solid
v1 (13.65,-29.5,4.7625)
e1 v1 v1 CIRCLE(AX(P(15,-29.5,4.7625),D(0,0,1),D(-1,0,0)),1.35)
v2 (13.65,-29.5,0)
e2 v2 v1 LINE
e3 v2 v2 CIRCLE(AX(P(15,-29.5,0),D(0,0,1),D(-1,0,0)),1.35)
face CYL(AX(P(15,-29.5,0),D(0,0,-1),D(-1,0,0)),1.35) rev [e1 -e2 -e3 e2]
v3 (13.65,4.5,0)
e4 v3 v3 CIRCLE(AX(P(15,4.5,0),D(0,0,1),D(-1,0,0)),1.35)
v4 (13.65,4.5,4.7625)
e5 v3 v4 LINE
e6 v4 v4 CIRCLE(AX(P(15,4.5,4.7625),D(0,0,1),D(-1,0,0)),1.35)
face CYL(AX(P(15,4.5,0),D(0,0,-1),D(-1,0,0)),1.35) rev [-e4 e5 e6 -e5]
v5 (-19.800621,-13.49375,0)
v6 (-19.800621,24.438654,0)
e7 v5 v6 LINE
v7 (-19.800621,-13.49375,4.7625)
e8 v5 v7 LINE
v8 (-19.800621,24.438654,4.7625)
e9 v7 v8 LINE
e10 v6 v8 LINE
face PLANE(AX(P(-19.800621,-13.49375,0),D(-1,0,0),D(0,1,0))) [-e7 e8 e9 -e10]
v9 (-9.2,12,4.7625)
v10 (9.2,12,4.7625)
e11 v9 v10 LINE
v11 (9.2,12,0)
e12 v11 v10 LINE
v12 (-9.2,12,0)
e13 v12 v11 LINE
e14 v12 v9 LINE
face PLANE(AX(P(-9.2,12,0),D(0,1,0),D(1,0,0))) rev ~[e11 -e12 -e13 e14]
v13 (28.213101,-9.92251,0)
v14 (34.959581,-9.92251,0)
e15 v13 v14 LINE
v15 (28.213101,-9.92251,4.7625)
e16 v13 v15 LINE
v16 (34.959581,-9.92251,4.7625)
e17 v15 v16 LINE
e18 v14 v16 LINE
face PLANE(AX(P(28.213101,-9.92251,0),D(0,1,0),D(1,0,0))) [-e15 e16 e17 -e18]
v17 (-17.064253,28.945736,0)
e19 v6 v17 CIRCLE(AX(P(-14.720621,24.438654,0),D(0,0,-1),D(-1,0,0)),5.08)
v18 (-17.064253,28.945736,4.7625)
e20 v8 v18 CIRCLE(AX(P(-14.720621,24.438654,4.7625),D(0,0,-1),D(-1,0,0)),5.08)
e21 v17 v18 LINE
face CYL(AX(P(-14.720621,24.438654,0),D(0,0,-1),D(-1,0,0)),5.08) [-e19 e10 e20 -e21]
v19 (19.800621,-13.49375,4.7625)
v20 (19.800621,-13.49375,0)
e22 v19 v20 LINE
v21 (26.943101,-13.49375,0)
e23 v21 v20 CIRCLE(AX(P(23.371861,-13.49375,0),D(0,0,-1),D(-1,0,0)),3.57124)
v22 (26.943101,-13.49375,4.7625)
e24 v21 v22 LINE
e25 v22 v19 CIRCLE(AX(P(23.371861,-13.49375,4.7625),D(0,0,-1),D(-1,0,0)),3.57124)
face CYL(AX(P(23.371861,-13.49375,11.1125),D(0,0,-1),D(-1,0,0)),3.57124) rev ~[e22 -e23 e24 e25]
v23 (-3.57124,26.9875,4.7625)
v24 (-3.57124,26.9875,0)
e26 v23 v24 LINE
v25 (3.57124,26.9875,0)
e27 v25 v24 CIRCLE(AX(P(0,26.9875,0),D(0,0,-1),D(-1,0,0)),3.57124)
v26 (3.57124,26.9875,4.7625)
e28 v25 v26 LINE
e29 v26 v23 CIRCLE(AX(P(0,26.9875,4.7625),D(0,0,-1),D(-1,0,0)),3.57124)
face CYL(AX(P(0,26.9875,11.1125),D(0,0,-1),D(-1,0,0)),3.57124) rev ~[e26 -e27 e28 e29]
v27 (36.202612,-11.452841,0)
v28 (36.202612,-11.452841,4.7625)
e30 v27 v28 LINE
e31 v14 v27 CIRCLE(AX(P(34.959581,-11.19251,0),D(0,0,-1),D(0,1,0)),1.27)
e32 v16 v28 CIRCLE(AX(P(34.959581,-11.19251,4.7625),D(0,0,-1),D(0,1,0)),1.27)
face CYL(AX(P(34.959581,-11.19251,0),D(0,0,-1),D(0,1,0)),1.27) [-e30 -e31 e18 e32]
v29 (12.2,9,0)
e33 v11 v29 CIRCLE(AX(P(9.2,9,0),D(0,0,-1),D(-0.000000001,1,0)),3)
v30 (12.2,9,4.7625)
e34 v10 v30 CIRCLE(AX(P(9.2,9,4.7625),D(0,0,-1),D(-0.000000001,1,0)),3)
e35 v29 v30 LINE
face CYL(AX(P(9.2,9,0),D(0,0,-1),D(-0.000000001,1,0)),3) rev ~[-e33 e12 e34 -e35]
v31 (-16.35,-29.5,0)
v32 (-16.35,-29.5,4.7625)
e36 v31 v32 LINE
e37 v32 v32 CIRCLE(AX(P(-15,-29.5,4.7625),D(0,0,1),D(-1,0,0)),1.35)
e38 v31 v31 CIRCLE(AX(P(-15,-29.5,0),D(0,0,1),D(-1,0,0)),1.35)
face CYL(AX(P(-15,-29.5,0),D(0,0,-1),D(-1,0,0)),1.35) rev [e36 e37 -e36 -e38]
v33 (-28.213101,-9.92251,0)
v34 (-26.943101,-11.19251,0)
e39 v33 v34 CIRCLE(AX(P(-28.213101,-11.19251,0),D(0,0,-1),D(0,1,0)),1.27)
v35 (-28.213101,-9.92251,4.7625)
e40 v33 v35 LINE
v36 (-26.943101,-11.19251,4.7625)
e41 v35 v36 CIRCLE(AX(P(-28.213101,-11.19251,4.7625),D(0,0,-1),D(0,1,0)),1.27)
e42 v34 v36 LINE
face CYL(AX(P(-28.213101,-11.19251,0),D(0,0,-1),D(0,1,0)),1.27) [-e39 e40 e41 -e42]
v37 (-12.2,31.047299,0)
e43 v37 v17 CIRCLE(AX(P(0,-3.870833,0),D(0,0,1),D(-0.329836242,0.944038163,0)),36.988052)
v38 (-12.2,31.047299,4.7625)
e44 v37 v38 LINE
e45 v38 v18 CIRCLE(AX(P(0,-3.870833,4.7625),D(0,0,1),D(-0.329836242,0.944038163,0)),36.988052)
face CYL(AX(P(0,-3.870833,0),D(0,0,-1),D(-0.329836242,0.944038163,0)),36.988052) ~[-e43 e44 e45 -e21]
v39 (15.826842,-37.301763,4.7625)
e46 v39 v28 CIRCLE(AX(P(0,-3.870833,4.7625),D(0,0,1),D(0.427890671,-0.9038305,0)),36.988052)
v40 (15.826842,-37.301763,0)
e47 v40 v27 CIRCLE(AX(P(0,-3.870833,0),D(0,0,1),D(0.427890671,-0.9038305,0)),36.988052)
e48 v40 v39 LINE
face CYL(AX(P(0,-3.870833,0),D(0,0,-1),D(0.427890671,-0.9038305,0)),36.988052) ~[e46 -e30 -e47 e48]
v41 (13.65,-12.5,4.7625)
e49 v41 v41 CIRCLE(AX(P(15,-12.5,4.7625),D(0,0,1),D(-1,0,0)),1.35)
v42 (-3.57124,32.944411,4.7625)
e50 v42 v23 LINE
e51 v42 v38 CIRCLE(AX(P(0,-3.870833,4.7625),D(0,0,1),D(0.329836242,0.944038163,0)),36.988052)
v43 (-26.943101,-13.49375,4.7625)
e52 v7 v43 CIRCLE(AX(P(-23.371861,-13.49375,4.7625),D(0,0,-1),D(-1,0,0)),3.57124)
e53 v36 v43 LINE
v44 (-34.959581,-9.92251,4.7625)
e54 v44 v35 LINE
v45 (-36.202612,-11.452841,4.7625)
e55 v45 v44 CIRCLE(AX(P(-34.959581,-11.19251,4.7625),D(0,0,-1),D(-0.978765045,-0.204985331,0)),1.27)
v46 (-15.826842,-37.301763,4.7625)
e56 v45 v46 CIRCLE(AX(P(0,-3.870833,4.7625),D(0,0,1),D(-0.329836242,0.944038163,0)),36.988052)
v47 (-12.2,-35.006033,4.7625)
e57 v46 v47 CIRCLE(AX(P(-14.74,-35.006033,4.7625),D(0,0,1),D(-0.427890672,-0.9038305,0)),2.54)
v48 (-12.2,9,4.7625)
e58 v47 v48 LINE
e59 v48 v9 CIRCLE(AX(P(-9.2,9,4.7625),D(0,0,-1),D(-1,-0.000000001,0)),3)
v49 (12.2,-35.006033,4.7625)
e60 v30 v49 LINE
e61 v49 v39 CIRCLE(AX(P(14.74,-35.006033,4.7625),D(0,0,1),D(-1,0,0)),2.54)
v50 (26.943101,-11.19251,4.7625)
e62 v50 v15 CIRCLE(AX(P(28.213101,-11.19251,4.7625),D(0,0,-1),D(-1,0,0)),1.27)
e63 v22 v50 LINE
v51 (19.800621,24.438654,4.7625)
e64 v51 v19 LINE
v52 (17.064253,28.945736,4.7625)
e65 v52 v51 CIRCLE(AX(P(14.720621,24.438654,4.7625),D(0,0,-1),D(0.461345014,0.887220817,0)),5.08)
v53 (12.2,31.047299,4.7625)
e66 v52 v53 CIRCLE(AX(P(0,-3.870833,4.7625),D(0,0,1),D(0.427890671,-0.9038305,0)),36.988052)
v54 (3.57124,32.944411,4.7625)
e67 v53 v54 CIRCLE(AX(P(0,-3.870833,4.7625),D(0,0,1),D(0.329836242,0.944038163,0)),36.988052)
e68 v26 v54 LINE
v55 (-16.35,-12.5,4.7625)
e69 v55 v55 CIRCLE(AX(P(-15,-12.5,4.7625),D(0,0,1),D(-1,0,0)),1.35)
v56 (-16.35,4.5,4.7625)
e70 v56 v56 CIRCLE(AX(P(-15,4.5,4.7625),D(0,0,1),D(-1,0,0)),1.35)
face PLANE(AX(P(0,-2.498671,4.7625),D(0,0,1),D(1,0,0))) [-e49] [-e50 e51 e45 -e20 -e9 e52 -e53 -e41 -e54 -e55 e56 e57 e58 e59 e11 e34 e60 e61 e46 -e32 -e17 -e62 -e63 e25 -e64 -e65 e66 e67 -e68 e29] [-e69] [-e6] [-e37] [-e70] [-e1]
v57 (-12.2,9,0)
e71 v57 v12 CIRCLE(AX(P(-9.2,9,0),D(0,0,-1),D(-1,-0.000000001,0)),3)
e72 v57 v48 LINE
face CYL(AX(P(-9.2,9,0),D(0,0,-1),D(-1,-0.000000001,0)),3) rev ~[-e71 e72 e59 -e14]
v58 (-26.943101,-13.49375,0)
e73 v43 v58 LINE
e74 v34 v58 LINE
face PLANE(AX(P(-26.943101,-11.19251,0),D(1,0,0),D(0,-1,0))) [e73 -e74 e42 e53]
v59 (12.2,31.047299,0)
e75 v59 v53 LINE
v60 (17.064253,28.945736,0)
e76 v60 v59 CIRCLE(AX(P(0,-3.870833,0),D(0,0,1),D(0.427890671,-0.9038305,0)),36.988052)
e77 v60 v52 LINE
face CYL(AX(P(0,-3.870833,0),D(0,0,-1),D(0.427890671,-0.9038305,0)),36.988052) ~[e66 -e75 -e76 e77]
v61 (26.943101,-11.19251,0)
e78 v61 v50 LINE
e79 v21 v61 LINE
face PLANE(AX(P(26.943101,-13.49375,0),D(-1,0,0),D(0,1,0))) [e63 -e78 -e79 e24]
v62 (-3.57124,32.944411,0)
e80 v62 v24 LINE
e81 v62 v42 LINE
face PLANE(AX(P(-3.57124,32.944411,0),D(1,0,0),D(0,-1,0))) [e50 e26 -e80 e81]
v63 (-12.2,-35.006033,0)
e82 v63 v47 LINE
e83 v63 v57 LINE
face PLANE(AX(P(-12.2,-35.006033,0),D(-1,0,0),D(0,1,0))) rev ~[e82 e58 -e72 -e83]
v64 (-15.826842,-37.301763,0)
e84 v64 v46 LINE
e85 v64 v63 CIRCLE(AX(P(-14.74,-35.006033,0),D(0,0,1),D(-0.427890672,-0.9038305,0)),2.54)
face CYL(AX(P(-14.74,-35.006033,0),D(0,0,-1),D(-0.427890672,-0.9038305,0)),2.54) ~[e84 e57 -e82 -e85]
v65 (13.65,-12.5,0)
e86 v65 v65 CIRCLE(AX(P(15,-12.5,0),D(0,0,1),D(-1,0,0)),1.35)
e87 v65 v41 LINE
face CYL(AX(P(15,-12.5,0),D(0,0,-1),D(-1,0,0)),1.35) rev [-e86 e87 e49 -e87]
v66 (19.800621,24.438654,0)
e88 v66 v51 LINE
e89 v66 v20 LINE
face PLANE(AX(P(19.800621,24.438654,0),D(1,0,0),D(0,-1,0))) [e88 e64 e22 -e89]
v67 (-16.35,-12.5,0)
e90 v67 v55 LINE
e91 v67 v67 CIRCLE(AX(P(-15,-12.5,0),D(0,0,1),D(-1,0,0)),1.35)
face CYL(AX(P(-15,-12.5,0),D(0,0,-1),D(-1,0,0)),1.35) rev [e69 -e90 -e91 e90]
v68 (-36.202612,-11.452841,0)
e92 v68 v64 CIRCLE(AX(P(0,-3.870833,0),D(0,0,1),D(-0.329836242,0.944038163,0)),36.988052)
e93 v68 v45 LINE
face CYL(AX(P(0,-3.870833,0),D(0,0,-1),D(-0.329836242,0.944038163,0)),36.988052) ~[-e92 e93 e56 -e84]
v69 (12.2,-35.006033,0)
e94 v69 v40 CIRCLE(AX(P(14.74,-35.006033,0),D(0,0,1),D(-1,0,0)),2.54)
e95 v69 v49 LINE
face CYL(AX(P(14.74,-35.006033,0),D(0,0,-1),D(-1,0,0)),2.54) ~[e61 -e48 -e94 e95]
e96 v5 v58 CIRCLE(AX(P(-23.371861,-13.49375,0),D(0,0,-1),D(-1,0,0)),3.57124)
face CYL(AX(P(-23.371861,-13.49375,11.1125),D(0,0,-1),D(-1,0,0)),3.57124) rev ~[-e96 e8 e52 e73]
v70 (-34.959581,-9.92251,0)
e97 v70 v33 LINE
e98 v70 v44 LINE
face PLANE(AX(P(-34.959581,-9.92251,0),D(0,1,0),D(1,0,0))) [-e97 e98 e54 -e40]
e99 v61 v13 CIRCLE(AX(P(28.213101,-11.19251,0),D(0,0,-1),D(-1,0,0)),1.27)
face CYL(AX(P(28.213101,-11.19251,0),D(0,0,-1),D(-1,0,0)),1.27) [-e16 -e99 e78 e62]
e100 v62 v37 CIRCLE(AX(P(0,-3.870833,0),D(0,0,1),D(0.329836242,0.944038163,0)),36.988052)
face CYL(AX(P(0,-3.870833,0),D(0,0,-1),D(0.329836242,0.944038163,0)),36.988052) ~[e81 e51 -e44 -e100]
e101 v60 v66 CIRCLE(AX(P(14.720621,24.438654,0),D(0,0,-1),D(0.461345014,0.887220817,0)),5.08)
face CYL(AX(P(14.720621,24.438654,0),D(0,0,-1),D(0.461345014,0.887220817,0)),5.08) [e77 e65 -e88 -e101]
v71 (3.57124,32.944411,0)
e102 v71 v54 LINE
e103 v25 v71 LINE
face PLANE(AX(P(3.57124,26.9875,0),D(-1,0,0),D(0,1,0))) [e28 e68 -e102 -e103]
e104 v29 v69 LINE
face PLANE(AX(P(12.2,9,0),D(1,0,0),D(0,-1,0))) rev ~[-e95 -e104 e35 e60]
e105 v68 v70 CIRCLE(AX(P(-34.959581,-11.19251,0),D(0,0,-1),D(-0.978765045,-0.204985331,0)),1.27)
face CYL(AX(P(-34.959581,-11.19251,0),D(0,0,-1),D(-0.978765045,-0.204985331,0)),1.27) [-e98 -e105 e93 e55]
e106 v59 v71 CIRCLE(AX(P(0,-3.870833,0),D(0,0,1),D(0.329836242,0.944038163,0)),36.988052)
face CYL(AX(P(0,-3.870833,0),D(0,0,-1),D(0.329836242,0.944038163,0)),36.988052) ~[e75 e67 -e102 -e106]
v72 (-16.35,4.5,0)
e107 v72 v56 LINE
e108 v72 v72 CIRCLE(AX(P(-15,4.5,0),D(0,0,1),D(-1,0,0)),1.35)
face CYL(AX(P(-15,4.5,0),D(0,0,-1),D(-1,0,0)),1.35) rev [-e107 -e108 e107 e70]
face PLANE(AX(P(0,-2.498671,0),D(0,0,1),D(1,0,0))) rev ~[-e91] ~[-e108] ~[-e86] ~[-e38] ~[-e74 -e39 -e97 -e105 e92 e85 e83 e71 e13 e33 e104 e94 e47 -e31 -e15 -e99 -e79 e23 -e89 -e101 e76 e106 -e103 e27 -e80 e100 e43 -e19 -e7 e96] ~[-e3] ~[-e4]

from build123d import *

# Parameters (mm, degrees)
SKETCH2_R                   = 1.35
BOSS_EXTRUDE1_DEPTH         = 4.7625
F_1_4_CLEARANCE_HOLE1_D     = 7.14248
F_1_4_CLEARANCE_HOLE1_DEPTH = 6.35
F_1_4_CLEARANCE_HOLE1_TIP   = 2.145817477
CUT_EXTRUDE1_START          = -4.7625
CUT_EXTRUDE1_DEPTH          = 4.7625


with BuildPart() as part:
    # Sketch2 → Boss-Extrude1 (new body)
    with BuildSketch(Plane.XY):
        with BuildLine():
            Line((-9.2, 12), (9.2, 12))
            ThreePointArc((9.2, 12), (11.321320344, 11.121320344), (12.2, 9))
            Line((12.2, 9), (12.2, -30))
            Line((12.2, -30), (12.2, -35.006033217))
            ThreePointArc((12.2, -35.006033217), (13.381504408, -37.152213482), (15.826842305, -37.301762688))
            ThreePointArc((15.826842305, -37.301762688), (36.936087169, -1.910874265), (12.2, 31.047299132))
            ThreePointArc((12.2, 31.047299132), (0, 33.117218452), (-12.2, 31.047299132))
            ThreePointArc((-12.2, 31.047299132), (-36.936087169, -1.910874265), (-15.826842305, -37.301762688))
            ThreePointArc((-15.826842305, -37.301762688), (-13.381504408, -37.152213482), (-12.2, -35.006033217))
            Line((-12.2, -35.006033217), (-12.2, -30))
            Line((-12.2, -30), (-12.2, 9))
            ThreePointArc((-12.2, 9), (-11.321320344, 11.121320344), (-9.2, 12))
        make_face()
        with Locations(Location((-15, -12.5, 0), (0, 0, 180))):
            Circle(SKETCH2_R, mode=Mode.SUBTRACT)
        with Locations(Location((-15, 4.5, 0), (0, 0, 180))):
            Circle(SKETCH2_R, mode=Mode.SUBTRACT)
        with Locations(Location((-15, -29.5, 0), (0, 0, 180))):
            Circle(SKETCH2_R, mode=Mode.SUBTRACT)
        with Locations(Location((15, -29.5, 0), (0, 0, 180))):
            Circle(SKETCH2_R, mode=Mode.SUBTRACT)
        with Locations(Location((15, -12.5, 0), (0, 0, 180))):
            Circle(SKETCH2_R, mode=Mode.SUBTRACT)
        with Locations(Location((15, 4.5, 0), (0, 0, 180))):
            Circle(SKETCH2_R, mode=Mode.SUBTRACT)
    extrude(amount=BOSS_EXTRUDE1_DEPTH)

    # 1/4 Clearance Hole1
    with Locations(Plane.XY.offset(4.7625)):
        with Locations((-23.371860585, -13.49375), (23.371860585, -13.49375), (0, 26.9875)):
            Hole(F_1_4_CLEARANCE_HOLE1_D / 2, depth=F_1_4_CLEARANCE_HOLE1_DEPTH)
            with Locations((0, 0, -(F_1_4_CLEARANCE_HOLE1_DEPTH + F_1_4_CLEARANCE_HOLE1_TIP / 2))):  # 118° drill point
                Cone(0, F_1_4_CLEARANCE_HOLE1_D / 2, F_1_4_CLEARANCE_HOLE1_TIP, mode=Mode.SUBTRACT)

    # Sketch5 → Cut-Extrude1 (cut)
    with BuildSketch(Plane.XY.offset(4.7625).offset(CUT_EXTRUDE1_START)):
        with BuildLine():
            ThreePointArc((19.800620585, 27.370987986), (18.449246292, 28.187570965), (17.064253254, 28.945736198))
            ThreePointArc((17.064253254, 28.945736198), (19.062973286, 27.075010458), (19.800620585, 24.438654446))
            Line((19.800620585, 24.438654446), (19.800620585, -13.49375))
            ThreePointArc((19.800620585, -13.49375), (23.371860585, -9.92251), (26.943100585, -13.49375))
            Line((26.943100585, -13.49375), (26.943100585, -11.19251))
            ThreePointArc((26.943100585, -11.19251), (27.315074973, -10.294484388), (28.213100585, -9.92251))
            Line((28.213100585, -9.92251), (34.959580577, -9.92251))
            ThreePointArc((34.959580577, -9.92251), (35.94535967, -10.391798079), (36.202612185, -11.45284137))
            ThreePointArc((36.202612185, -11.45284137), (36.354175005, -10.689186113), (36.48963119, -9.92251))
            ThreePointArc((36.48963119, -9.92251), (33.761655161, 11.237661484), (19.800620585, 27.370987986))
        make_face()
        with BuildLine():
            ThreePointArc((-3.57124, 26.9875), (0, 30.55874), (3.57124, 26.9875))
            Line((3.57124, 26.9875), (3.57124, 32.94441106))
            ThreePointArc((3.57124, 32.94441106), (0, 33.117218452), (-3.57124, 32.94441106))
            Line((-3.57124, 32.94441106), (-3.57124, 26.9875))
        make_face()
        with BuildLine():
            ThreePointArc((-19.800620585, 24.438654446), (-19.062973286, 27.075010458), (-17.064253254, 28.945736198))
            ThreePointArc((-17.064253254, 28.945736198), (-18.449246292, 28.187570965), (-19.800620585, 27.370987986))
            ThreePointArc((-19.800620585, 27.370987986), (-33.761655161, 11.237661484), (-36.48963119, -9.92251))
            ThreePointArc((-36.48963119, -9.92251), (-36.354175005, -10.689186113), (-36.202612185, -11.45284137))
            ThreePointArc((-36.202612185, -11.45284137), (-35.94535967, -10.391798079), (-34.959580577, -9.92251))
            Line((-34.959580577, -9.92251), (-28.213100585, -9.92251))
            ThreePointArc((-28.213100585, -9.92251), (-27.315074973, -10.294484388), (-26.943100585, -11.19251))
            Line((-26.943100585, -11.19251), (-26.943100585, -13.49375))
            ThreePointArc((-26.943100585, -13.49375), (-23.371860585, -9.92251), (-19.800620585, -13.49375))
            Line((-19.800620585, -13.49375), (-19.800620585, 24.438654446))
        make_face()
    extrude(amount=CUT_EXTRUDE1_DEPTH, mode=Mode.SUBTRACT)


solid = part.part
